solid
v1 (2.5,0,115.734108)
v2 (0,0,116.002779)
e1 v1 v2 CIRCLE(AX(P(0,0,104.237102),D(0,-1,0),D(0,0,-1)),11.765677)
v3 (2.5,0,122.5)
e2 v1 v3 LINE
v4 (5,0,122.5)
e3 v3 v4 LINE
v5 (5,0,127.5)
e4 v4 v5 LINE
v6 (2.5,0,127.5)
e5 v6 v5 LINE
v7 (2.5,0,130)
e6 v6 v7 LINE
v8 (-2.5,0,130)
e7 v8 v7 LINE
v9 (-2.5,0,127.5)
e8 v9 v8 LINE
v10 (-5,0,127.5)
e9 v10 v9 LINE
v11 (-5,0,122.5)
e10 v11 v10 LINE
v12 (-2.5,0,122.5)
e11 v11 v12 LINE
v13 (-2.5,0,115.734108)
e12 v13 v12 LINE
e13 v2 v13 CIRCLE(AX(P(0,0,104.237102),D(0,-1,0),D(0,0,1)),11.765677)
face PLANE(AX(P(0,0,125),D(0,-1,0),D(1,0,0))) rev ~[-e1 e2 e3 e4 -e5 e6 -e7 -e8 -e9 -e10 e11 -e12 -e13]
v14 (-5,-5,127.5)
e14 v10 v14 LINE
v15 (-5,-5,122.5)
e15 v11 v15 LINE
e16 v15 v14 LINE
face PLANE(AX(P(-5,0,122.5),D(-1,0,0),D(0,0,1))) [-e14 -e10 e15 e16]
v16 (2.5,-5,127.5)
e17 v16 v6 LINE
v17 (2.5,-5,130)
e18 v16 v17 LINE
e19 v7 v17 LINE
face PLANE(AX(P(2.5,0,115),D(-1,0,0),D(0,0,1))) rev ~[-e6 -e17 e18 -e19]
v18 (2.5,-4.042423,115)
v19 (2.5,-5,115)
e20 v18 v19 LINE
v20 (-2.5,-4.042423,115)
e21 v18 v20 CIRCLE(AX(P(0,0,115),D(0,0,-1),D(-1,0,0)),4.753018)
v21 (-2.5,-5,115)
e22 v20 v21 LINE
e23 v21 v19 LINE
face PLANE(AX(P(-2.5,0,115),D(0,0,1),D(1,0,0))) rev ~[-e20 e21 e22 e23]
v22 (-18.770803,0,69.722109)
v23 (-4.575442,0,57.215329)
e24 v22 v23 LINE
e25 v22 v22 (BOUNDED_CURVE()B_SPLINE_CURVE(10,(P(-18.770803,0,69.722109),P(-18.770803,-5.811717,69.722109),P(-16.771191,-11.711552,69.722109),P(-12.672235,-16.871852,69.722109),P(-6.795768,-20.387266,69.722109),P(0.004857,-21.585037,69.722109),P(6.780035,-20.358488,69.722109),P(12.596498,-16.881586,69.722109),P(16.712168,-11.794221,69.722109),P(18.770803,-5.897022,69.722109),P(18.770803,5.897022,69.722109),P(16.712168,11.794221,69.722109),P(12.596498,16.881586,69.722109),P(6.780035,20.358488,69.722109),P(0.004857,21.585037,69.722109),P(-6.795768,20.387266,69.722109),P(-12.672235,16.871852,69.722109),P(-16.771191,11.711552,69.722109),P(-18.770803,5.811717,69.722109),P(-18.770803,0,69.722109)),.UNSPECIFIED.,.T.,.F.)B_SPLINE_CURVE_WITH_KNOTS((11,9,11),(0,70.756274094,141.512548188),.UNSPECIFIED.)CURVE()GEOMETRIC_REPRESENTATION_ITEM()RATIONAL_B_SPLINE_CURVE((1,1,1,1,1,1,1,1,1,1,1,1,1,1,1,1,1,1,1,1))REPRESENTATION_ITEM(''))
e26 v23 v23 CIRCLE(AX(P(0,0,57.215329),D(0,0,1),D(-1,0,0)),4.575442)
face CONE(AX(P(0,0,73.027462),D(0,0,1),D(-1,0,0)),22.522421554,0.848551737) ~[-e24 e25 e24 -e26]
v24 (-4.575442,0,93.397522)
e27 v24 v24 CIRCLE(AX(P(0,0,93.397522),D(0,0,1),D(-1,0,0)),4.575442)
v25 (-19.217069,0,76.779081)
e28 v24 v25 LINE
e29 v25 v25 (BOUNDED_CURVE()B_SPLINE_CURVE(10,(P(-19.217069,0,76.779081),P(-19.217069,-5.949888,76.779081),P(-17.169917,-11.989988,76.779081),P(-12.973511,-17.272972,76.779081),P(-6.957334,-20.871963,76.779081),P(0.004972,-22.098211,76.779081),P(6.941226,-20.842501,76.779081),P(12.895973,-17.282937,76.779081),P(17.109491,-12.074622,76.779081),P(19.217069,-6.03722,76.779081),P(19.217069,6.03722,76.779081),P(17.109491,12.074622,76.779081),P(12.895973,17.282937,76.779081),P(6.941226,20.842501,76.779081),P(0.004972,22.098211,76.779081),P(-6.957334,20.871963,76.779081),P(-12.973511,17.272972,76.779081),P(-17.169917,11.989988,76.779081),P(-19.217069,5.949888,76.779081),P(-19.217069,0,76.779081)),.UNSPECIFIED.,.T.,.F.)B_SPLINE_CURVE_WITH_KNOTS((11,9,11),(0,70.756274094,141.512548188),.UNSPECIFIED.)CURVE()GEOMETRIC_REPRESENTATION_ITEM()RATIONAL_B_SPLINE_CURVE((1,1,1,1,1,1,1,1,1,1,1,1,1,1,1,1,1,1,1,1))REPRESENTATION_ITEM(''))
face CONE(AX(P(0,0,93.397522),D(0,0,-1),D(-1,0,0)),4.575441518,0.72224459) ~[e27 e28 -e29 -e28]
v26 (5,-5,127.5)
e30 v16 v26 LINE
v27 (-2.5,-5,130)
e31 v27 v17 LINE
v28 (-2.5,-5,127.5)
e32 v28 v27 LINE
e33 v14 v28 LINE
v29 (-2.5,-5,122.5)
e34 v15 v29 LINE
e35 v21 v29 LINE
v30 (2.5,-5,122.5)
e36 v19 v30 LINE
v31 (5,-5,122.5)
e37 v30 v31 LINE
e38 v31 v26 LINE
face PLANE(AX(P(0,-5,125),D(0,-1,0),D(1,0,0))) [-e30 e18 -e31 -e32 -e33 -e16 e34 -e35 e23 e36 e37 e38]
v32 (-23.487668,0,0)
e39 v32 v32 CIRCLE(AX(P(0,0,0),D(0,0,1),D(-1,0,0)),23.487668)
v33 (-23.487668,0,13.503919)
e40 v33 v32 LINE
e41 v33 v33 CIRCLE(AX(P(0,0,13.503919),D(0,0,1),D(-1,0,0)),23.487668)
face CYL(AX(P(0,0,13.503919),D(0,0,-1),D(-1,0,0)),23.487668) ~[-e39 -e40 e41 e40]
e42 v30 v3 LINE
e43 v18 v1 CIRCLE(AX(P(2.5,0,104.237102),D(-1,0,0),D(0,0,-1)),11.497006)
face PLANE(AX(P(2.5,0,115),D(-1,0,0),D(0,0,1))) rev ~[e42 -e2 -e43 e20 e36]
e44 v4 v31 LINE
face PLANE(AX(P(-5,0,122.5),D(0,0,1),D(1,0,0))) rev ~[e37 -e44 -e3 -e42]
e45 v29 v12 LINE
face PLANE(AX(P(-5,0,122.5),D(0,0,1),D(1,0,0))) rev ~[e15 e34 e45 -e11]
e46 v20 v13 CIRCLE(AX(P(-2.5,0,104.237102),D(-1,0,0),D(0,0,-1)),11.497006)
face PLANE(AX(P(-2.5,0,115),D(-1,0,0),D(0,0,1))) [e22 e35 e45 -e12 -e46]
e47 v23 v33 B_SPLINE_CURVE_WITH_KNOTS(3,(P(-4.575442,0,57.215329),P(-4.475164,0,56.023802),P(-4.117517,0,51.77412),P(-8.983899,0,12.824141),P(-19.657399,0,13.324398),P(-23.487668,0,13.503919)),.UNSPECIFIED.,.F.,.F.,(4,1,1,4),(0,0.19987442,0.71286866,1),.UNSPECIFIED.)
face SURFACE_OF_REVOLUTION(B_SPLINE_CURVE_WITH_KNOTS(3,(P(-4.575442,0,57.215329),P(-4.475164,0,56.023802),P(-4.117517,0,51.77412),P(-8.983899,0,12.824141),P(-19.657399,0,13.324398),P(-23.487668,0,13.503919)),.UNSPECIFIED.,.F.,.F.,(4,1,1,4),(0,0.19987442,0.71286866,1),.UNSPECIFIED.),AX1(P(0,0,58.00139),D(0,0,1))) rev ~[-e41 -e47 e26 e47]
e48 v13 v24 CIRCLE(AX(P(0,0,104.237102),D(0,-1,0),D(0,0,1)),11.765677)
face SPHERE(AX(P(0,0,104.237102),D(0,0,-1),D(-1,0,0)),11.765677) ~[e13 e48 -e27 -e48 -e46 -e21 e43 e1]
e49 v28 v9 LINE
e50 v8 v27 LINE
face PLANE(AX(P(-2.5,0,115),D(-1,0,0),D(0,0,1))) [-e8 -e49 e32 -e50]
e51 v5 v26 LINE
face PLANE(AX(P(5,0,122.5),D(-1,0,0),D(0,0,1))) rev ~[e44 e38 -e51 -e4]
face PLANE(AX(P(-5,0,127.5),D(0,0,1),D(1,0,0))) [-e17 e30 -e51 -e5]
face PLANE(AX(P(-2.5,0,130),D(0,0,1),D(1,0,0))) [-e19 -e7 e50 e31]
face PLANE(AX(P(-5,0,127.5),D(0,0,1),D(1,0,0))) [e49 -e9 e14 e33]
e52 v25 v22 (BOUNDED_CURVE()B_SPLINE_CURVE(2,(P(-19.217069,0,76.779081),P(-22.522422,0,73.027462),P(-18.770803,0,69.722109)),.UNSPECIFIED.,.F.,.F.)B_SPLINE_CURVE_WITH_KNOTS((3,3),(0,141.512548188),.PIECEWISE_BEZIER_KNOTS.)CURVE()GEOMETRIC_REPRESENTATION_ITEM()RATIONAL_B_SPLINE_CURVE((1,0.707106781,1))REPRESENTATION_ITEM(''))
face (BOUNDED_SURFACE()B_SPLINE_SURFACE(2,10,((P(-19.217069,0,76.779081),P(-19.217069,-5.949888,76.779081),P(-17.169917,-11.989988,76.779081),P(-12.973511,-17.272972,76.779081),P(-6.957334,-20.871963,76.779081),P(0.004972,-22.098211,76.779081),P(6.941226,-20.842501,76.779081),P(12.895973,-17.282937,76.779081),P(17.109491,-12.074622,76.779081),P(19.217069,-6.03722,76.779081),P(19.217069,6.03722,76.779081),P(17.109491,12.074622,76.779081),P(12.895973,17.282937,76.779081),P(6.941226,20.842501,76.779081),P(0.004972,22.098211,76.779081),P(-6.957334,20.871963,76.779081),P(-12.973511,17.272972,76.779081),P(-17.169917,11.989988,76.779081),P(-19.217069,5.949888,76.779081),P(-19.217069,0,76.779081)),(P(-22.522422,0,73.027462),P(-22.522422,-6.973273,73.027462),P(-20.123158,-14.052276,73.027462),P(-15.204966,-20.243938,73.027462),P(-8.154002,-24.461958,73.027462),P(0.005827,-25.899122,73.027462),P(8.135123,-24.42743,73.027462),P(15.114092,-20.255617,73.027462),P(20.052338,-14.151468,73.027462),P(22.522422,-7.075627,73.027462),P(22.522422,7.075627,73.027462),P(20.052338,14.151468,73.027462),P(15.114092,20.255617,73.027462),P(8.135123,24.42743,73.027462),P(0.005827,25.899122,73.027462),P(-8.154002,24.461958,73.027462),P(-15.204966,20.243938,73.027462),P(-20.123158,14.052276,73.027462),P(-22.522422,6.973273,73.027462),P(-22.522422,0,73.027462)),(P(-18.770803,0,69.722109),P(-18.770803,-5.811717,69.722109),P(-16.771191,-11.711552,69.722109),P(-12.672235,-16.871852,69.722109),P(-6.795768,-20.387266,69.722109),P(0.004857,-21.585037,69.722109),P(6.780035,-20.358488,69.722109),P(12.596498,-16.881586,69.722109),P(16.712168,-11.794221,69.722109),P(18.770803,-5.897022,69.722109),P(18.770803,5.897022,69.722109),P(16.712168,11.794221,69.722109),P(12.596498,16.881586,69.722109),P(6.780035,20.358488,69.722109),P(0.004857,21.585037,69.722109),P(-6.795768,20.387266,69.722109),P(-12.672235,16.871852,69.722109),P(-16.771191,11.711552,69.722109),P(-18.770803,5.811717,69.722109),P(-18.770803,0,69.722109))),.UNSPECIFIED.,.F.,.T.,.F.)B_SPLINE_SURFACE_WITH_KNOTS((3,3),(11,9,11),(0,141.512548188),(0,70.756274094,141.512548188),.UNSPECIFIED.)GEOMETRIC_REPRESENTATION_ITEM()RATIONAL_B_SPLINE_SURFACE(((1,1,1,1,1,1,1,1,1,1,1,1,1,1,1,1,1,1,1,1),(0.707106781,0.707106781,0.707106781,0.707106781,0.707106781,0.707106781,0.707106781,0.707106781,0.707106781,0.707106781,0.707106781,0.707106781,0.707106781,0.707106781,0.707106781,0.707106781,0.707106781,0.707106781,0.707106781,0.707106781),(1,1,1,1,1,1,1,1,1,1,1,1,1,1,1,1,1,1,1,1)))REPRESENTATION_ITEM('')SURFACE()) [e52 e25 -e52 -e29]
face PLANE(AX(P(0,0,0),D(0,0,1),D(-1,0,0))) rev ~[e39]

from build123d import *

# Parameters (mm, degrees)
F0_W     = 5
F0_H     = 15
F1_DEPTH = 5
F2_W     = 10
F2_H     = 5
F3_DEPTH = 5
F6_R     = 5


with BuildPart() as f1:
    # F0 (on Front) → F1 (new body)
    with BuildSketch(Plane.XZ):
        with Locations((0, 122.5)):
            Rectangle(F0_W, F0_H)
    extrude(amount=F1_DEPTH)

    # F2 (on Front) → F3 (join)
    with BuildSketch(Plane.XZ):
        with Locations((0, 125)):
            Rectangle(F2_W, F2_H)
    extrude(amount=F3_DEPTH)

    # F4 (on Front) → F5 (revolve)
    with BuildSketch(Plane.XZ):
        with BuildLine():
            Line((0, 0), (0, 116.0027790625))
            ThreePointArc((0, 116.0027790625), (-11.5318288714, 106.5712142822), (-4.5754415185, 93.3975220769))
            Line((-4.5754415185, 93.3975220769), (-22.5224215537, 73.0274617672))
            Line((-22.5224215537, 73.0274617672), (-4.5754415185, 57.2153292803))
            add(Edge.make_bspline(
                [(-4.5754415185, 57.2153292803), (-4.4751641327, 56.0238017391), (-4.1175165379, 51.7741201604), (-8.9838991311, 12.8241412869), (-19.6573992459, 13.3243982282), (-23.4876684844, 13.5039193556)],
                knots=[0, 0, 0, 0, 0.1998744201, 0.7128686595, 1, 1, 1, 1], degree=3))
            Line((-23.4876684844, 13.5039193556), (-23.4876684844, 0))
            Line((-23.4876684844, 0), (0, 0))
        make_face()
    revolve(axis=Axis((0, 0, 58.0013895312), (0, 0, 1)))

    # F6
    f6_edges = [f1.edges().sort_by_distance(p)[0] for p in [
        (22.522422, 0, 73.027462),
    ]]
    fillet(f6_edges, radius=F6_R)


solid = f1.part
